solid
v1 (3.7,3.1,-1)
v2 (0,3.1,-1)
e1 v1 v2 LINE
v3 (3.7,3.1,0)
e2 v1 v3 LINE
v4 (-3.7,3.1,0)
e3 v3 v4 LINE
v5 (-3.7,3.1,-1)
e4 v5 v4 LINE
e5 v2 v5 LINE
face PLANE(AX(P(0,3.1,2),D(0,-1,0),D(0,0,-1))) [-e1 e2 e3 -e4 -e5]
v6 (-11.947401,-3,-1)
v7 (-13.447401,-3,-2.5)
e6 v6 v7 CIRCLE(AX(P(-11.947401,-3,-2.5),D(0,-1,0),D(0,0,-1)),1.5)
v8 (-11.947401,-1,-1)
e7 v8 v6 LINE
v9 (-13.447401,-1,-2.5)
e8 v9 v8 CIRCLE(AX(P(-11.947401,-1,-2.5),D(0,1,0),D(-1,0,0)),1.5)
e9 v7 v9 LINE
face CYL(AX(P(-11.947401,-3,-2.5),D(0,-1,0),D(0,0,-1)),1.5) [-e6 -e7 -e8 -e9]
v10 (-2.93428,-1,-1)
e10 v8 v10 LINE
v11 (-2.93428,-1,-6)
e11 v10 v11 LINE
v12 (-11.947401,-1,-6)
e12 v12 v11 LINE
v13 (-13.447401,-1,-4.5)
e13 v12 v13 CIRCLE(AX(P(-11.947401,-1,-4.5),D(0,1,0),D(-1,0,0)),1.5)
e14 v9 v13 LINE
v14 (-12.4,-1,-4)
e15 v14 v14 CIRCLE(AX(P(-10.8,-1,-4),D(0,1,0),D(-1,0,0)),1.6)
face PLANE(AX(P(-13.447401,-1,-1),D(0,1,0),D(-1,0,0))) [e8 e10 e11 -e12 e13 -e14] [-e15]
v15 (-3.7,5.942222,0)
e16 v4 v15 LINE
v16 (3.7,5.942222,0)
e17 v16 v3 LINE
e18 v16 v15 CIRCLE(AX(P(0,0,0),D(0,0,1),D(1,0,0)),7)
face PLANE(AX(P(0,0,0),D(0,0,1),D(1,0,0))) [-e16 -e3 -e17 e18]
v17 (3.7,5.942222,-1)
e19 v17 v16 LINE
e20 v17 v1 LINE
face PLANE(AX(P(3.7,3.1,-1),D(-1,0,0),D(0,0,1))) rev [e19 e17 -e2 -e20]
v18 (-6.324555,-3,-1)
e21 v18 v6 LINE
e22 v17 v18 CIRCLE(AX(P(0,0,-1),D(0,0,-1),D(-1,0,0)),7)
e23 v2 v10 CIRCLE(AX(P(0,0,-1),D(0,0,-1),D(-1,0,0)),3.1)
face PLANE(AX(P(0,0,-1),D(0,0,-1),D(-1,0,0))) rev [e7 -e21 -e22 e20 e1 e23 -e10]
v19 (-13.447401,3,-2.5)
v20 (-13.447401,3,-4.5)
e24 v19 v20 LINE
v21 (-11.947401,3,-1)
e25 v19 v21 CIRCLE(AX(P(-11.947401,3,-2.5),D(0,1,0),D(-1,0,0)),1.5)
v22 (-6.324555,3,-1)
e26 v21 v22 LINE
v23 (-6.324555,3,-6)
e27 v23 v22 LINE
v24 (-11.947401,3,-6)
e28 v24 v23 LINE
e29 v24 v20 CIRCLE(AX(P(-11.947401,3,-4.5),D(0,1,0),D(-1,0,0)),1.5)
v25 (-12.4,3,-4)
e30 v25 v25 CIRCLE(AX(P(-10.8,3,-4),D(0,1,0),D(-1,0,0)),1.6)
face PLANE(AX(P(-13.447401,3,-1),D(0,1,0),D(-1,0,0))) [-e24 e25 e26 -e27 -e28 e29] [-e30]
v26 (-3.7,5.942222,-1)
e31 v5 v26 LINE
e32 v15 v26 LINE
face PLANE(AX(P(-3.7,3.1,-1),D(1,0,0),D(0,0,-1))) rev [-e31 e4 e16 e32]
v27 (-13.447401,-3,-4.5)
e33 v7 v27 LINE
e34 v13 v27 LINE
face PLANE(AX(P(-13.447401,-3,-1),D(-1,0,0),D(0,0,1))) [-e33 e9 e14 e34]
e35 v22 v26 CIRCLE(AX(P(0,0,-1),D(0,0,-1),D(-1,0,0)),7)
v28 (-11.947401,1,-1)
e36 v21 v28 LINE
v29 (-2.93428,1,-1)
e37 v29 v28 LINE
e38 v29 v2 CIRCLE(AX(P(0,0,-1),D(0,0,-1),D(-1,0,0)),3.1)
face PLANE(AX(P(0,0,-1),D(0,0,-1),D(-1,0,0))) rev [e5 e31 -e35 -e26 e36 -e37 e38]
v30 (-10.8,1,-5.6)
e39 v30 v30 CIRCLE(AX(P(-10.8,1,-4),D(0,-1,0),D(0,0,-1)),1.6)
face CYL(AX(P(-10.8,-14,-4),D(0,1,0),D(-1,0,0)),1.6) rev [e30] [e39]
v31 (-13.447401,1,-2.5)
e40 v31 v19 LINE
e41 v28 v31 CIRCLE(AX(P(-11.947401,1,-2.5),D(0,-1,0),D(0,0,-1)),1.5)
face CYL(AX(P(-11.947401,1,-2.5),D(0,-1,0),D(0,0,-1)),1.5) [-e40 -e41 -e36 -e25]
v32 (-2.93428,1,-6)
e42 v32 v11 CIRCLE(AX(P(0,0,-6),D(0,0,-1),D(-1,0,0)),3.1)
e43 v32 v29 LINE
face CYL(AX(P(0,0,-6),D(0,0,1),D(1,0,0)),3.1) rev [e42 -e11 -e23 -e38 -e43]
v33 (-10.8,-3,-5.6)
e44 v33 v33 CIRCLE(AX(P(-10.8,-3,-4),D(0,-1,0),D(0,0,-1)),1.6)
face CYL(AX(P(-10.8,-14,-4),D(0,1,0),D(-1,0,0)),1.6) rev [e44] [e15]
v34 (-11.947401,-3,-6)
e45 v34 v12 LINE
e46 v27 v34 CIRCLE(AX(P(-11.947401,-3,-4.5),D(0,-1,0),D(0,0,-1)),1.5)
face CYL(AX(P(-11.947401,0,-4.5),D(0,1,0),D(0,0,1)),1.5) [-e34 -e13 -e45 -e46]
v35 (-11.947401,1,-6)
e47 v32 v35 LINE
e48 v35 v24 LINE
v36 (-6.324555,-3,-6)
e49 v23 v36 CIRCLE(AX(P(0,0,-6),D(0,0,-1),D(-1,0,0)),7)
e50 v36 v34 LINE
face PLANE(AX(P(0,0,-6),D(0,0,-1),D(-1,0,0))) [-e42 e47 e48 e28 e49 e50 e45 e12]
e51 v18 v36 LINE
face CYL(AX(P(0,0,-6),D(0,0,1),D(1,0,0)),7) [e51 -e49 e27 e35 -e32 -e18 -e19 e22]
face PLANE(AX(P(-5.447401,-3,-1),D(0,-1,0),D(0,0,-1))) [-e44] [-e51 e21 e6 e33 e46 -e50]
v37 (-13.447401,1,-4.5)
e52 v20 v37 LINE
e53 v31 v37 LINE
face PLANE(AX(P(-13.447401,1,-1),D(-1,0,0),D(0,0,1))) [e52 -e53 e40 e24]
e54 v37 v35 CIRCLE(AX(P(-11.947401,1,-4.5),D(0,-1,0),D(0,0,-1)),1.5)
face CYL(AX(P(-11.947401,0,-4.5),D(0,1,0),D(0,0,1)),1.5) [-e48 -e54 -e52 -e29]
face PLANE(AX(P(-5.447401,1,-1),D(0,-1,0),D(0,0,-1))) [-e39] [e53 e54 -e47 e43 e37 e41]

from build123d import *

# Parameters (mm, degrees)
SKETCH_1_R          = 14
SKETCH_1_R_2        = 1.5
EXTRUDE_1_DEPTH     = 2
CUT_EXTRUDE_1_DEPTH = 20.899748742
EXTRUDE_4_DEPTH     = 1
SKETCH_6_R          = 7
SKETCH_6_R_2        = 3.1
EXTRUDE_5_DEPTH     = 5
EXTRUDE_6_DEPTH     = 1
SKETCH_8_W          = 8
SKETCH_8_H          = 2
EXTRUDE_7_DEPTH     = 5
SKETCH_9_R          = 1.6
CUT_EXTRUDE_3_DEPTH = 24.108440017
EXTRUDE_8_DEPTH     = 2
SKETCH_11_W         = 12.041493288
SKETCH_11_H         = 2
CUT_EXTRUDE_4_DEPTH = 5
SKETCH_12_R         = 20
SKETCH_12_R_2       = 3.1
EXTRUDE_9_DEPTH     = 2
SKETCH_13_R         = 2.3
CUT_EXTRUDE_5_DEPTH = 2
CUT_EXTRUDE_START   = -1
CUT_EXTRUDE_6_DEPTH = 1
FILLET_1_R          = 3
FILLET_2_R          = 1.5
SKETCH_15_R         = 20
CUT_EXTRUDE_7_DEPTH = 2
SKETCH_16_R         = 7
CUT_EXTRUDE_8_DEPTH = 5


with BuildPart() as part:
    # 草图1 → 凸台-拉伸1 (new body)
    with BuildSketch(Plane.XY):
        Circle(SKETCH_1_R)
        with Locations((-7.071067812, 7.071067812)):
            Circle(SKETCH_1_R_2, mode=Mode.SUBTRACT)
        with Locations((7.071067812, 7.071067812)):
            Circle(SKETCH_1_R_2, mode=Mode.SUBTRACT)
        with Locations((-7.071067812, -7.071067812)):
            Circle(SKETCH_1_R_2, mode=Mode.SUBTRACT)
        with Locations((7.071067812, -7.071067812)):
            Circle(SKETCH_1_R_2, mode=Mode.SUBTRACT)
    extrude(amount=EXTRUDE_1_DEPTH)

    # 草图2 → 切除-拉伸1 (cut, through all)
    with BuildSketch(Plane(origin=(0, 0, 0), x_dir=(-1, 0, 0), z_dir=(0, 0, -1))):
        with BuildLine():
            ThreePointArc((-2.683281573, 3.1), (-4.1, 0), (-2.683281573, -3.1))
            Line((-2.683281573, -3.1), (2.683281573, -3.1))
            ThreePointArc((2.683281573, -3.1), (4.1, 0), (2.683281573, 3.1))
            Line((2.683281573, 3.1), (-2.683281573, 3.1))
        make_face()
    extrude(amount=-CUT_EXTRUDE_1_DEPTH, mode=Mode.SUBTRACT)

    # 草图3 → 凸台-拉伸4 (add)
    with BuildSketch(Plane(origin=(0, 0, 0), x_dir=(-1, 0, 0), z_dir=(0, 0, -1))):
        Polygon((0, 3.1), (3.7, 3.1), (3.7, 7.1), (-3.7, 7.1), (-3.7, 3.1), align=None)
    extrude(amount=EXTRUDE_4_DEPTH)

    # 草图6 → 凸台-拉伸5 (add)
    with BuildSketch(Plane(origin=(0, 0, -1), x_dir=(-1, 0, 0), z_dir=(0, 0, -1))):
        with Locations(Location((0, 0, 0), (0, 0, 121.908982735))):
            Circle(SKETCH_6_R)
        with Locations(Location((0, 0, 0), (0, 0, 90))):
            Circle(SKETCH_6_R_2, mode=Mode.SUBTRACT)
    extrude(amount=EXTRUDE_5_DEPTH)

    # 草图7 → 凸台-拉伸6 (add)
    with BuildSketch(Plane(origin=(0, 0, -6), x_dir=(-1, 0, 0), z_dir=(0, 0, -1))):
        with BuildLine():
            Line((-2.5, 3.1), (-2.5, 6.538348415))
            ThreePointArc((-2.5, 6.538348415), (0, 7), (2.5, 6.538348415))
            Line((2.5, 6.538348415), (2.5, 3.1))
            Line((2.5, 3.1), (-2.5, 3.1))
        make_face()
    extrude(amount=EXTRUDE_6_DEPTH)

    # 草图8 → 凸台-拉伸7 (add)
    with BuildSketch(Plane(origin=(0, 0, -6), x_dir=(-1, 0, 0), z_dir=(0, 0, -1))):
        with Locations((9.447401339, 2)):
            Rectangle(SKETCH_8_W, SKETCH_8_H)
        with Locations((9.447401339, -2)):
            Rectangle(SKETCH_8_W, SKETCH_8_H)
    extrude(amount=-EXTRUDE_7_DEPTH)

    # 草图9 → 切除-拉伸3 (cut, through all)
    with BuildSketch(Plane(origin=(0, 3, 0), x_dir=(1, 0, 0), z_dir=(0, 1, 0))):
        with Locations(Location((-10.8, 4, 0), (0, 0, 180))):
            Circle(SKETCH_9_R)
    extrude(amount=-CUT_EXTRUDE_3_DEPTH, mode=Mode.SUBTRACT)

    # 草图10 → 凸台-拉伸8 (add)
    with BuildSketch(Plane(origin=(0, 0, -7), x_dir=(-1, 0, 0), z_dir=(0, 0, -1))):
        with BuildLine():
            Line((-2.5, 6.538348415), (-2.5, 3.1))
            ThreePointArc((-2.5, 3.1), (0, -3.98246155), (2.5, 3.1))
            Line((2.5, 3.1), (2.5, 6.538348415))
            ThreePointArc((2.5, 6.538348415), (0, 7), (-2.5, 6.538348415))
        make_face()
    extrude(amount=EXTRUDE_8_DEPTH)

    # 草图11 → 切除-拉伸4 (cut)
    with BuildSketch(Plane(origin=(0, 0, -6), x_dir=(-1, 0, 0), z_dir=(0, 0, -1))):
        with Locations((7.426654695, 0)):
            Rectangle(SKETCH_11_W, SKETCH_11_H)
    extrude(amount=-CUT_EXTRUDE_4_DEPTH, mode=Mode.SUBTRACT)

    # 草图12 → 凸台-拉伸9 (add)
    with BuildSketch(Plane.XY.offset(2)):
        Circle(SKETCH_12_R)
        Circle(SKETCH_12_R_2, mode=Mode.SUBTRACT)
    extrude(amount=-EXTRUDE_9_DEPTH)

    # 草图13 → 切除-拉伸5 (cut)
    with BuildSketch(Plane.XY.offset(2)):
        with Locations((10.253048327, 10.253048327)):
            Circle(SKETCH_13_R)
        with Locations((-10.253048327, 10.253048327)):
            Circle(SKETCH_13_R)
        with Locations((-10.253048327, -10.253048327)):
            Circle(SKETCH_13_R)
        with Locations((10.253048327, -10.253048327)):
            Circle(SKETCH_13_R)
    extrude(amount=-CUT_EXTRUDE_5_DEPTH, mode=Mode.SUBTRACT)

    # 草图14 → 切除-拉伸6 (cut)
    with BuildSketch(Plane(origin=(0, 0, -1), x_dir=(-1, 0, 0), z_dir=(0, 0, -1)).offset(CUT_EXTRUDE_START)):
        with BuildLine():
            Line((-4.590882623, 5.284297185), (-4.590882623, 9.738638689))
            Line((-4.590882623, 9.738638689), (4.724825977, 9.738638689))
            Line((4.724825977, 9.738638689), (4.724825977, 5.164883298))
            ThreePointArc((4.724825977, 5.164883298), (0.089722487, 6.999424967), (-4.590882623, 5.284297185))
        make_face()
    extrude(amount=CUT_EXTRUDE_6_DEPTH, mode=Mode.SUBTRACT)

    # 圆角1
    fillet_1_edges = [part.edges().sort_by_distance(p)[0] for p in [
        (0, 7, -9),
    ]]
    fillet(fillet_1_edges, radius=FILLET_1_R)

    # 圆角2
    fillet_2_edges = [part.edges().sort_by_distance(p)[0] for p in [
        (-13.447401339, -2, -1),
        (-13.447401339, -2, -6),
        (-13.447401339, 2, -1),
        (-13.447401339, 2, -6),
    ]]
    fillet(fillet_2_edges, radius=FILLET_2_R)

    # 草图15 → 切除-拉伸7 (cut)
    with BuildSketch(Plane.XY.offset(2)):
        Circle(SKETCH_15_R)
    extrude(amount=-CUT_EXTRUDE_7_DEPTH, mode=Mode.SUBTRACT)

    # 草图16 → 切除-拉伸8 (cut)
    with BuildSketch(Plane(origin=(0, 0, -6), x_dir=(-1, 0, 0), z_dir=(0, 0, -1))):
        Circle(SKETCH_16_R)
    extrude(amount=CUT_EXTRUDE_8_DEPTH, mode=Mode.SUBTRACT)


solid = part.part
